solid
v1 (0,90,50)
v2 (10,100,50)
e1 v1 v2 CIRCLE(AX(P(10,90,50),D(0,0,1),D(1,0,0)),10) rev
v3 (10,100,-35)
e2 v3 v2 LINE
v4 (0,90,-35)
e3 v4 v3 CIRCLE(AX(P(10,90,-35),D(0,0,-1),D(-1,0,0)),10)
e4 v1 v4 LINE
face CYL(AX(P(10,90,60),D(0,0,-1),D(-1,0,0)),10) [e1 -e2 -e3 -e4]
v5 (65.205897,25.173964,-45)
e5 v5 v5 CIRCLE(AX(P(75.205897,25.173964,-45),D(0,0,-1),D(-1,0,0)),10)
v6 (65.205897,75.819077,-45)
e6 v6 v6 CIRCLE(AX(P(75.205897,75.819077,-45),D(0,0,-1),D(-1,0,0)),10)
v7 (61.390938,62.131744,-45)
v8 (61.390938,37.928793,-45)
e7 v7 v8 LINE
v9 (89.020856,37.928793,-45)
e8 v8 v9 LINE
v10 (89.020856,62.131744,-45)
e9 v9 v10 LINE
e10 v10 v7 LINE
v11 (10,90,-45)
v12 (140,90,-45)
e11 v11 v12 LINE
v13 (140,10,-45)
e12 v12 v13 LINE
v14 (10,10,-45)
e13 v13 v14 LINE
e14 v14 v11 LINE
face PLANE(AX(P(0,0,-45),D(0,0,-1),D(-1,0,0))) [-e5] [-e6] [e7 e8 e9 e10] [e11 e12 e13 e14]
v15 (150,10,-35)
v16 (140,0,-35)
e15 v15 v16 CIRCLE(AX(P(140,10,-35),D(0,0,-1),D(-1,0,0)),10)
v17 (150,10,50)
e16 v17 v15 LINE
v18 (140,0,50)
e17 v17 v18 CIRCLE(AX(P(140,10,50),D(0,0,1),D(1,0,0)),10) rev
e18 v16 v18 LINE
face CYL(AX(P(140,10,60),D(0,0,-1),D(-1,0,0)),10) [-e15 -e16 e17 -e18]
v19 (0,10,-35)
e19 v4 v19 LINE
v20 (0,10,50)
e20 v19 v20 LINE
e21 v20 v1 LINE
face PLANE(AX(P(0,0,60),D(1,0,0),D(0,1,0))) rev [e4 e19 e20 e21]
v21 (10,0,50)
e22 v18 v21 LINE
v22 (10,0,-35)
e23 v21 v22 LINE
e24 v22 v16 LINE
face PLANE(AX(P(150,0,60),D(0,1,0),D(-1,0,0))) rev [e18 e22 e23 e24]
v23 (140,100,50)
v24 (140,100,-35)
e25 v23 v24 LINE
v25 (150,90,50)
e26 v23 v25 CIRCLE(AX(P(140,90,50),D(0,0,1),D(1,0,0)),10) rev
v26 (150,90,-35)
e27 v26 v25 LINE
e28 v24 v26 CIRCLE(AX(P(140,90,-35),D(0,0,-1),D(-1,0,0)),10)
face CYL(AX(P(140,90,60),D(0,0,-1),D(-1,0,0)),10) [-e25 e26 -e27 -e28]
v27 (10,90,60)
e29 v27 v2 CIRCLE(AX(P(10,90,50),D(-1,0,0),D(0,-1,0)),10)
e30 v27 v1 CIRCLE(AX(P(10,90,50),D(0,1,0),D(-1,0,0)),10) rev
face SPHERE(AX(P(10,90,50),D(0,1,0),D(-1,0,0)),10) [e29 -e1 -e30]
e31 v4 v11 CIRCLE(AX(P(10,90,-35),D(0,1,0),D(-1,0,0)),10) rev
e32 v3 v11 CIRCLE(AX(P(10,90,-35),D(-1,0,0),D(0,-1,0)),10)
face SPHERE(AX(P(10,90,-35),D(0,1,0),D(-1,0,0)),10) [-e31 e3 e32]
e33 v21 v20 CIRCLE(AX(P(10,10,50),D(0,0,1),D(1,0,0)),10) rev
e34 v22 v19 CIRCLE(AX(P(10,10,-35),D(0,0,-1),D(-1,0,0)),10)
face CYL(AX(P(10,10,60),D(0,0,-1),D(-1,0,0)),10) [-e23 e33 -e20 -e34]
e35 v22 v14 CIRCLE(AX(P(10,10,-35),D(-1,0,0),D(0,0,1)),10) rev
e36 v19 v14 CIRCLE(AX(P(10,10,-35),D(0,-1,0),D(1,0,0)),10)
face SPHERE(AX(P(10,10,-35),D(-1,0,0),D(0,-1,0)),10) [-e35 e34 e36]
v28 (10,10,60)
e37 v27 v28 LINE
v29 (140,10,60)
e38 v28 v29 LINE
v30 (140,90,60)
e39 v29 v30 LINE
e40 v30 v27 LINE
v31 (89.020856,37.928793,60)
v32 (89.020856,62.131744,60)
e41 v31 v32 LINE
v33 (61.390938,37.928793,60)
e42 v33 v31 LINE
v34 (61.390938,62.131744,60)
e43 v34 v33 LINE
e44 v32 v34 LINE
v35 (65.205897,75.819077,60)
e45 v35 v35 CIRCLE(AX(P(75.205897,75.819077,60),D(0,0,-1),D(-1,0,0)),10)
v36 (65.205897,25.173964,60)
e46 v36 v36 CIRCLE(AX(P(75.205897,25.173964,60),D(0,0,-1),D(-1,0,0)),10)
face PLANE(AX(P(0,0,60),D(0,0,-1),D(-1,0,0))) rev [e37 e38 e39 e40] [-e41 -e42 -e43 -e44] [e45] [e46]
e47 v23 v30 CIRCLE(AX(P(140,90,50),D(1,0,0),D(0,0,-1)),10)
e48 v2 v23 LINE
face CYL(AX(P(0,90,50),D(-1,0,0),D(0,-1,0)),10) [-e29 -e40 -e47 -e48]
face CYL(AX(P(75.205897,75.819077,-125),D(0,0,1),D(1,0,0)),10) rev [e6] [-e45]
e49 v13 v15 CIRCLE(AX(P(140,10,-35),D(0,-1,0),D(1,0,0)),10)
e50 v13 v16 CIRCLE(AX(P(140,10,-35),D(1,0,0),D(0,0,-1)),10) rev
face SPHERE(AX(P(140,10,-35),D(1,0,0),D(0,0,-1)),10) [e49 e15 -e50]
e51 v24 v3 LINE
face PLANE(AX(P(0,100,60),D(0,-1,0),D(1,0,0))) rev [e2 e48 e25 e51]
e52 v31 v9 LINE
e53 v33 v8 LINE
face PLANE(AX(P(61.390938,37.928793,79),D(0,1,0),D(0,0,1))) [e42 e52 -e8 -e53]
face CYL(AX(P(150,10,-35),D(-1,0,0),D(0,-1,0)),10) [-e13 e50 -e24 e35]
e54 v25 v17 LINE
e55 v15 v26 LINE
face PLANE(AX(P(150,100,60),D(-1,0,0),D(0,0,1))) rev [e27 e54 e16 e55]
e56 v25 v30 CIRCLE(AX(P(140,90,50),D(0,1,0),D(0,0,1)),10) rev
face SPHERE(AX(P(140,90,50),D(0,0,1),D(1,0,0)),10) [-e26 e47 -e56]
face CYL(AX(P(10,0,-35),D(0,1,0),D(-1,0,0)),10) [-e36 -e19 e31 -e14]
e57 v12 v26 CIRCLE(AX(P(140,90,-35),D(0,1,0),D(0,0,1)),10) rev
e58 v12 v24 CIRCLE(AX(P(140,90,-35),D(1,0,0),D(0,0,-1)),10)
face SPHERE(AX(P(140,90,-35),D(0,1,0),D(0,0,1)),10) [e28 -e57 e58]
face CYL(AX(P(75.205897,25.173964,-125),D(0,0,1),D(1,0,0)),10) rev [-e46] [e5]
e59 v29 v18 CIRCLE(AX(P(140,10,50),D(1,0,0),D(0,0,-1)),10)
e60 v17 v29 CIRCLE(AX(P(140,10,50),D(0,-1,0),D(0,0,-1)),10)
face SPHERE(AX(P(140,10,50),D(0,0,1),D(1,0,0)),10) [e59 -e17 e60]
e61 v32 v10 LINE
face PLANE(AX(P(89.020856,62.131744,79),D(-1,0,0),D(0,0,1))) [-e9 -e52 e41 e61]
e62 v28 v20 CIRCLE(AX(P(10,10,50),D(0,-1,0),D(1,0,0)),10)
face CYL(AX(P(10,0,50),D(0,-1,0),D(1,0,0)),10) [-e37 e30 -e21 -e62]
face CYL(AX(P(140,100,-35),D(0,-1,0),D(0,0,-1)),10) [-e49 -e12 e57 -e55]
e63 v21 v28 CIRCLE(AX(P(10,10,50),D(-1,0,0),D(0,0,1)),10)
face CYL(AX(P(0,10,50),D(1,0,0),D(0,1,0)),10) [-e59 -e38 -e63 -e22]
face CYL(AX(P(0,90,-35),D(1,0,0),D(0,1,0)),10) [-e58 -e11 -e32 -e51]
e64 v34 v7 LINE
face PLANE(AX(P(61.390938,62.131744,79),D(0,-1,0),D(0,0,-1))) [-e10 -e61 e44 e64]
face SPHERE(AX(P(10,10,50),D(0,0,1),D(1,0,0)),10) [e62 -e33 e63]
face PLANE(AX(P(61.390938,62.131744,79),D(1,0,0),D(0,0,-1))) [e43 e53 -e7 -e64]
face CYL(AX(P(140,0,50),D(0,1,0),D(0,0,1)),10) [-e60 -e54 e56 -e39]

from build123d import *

# Parameters (mm, degrees)
SKETCH1_W                = 150
SKETCH1_H                = 100
BOSS_EXTRUDE1_DEPTH      = 60
BOSS_EXTRUDE1_DEPTH_BACK = 45
SKETCH5_W                = 27.629917719
SKETCH5_H                = 24.20295118
CUT_EXTRUDE1_DEPTH       = 79
CUT_EXTRUDE1_DEPTH_BACK  = 83
FILLET1_R                = 10
SKETCH7_R                = 10
CUT_EXTRUDE2_DEPTH       = 125


with BuildPart() as part:
    # Sketch1 → Boss-Extrude1 (new body, two sides)
    with BuildSketch(Plane.XY) as boss_extrude1_sk:
        with Locations((75, 50)):
            Rectangle(SKETCH1_W, SKETCH1_H)
    extrude(amount=BOSS_EXTRUDE1_DEPTH)
    extrude(boss_extrude1_sk.sketch, amount=-BOSS_EXTRUDE1_DEPTH_BACK)

    # Sketch5 → Cut-Extrude1 (cut, two sides)
    with BuildSketch(Plane(origin=(42.452521569, 36, 0), x_dir=(1, 0, 0), z_dir=(0, 0, 1))) as cut_extrude1_sk:
        with Locations((32.75337542, 14.030268891)):
            Rectangle(SKETCH5_W, SKETCH5_H)
    extrude(amount=CUT_EXTRUDE1_DEPTH, mode=Mode.SUBTRACT)
    extrude(cut_extrude1_sk.sketch, amount=-CUT_EXTRUDE1_DEPTH_BACK, mode=Mode.SUBTRACT)

    # Fillet1
    fillet1_edges = [part.edges().sort_by_distance(p)[0] for p in [
        (75, 0, -45),
        (0, 50, -45),
        (75, 100, -45),
        (150, 50, -45),
        (75, 100, 60),
        (0, 50, 60),
        (75, 0, 60),
        (0, 0, 7.5),
        (0, 100, 7.5),
        (150, 100, 7.5),
        (150, 0, 7.5),
        (150, 50, 60),
    ]]
    fillet(fillet1_edges, radius=FILLET1_R)

    # Sketch7 → Cut-Extrude2 (cut, symmetric)
    with BuildSketch(Plane.XY):
        with Locations((75.20589699, 75.819077446)):
            Circle(SKETCH7_R)
        with Locations((75.20589699, 25.173963995)):
            Circle(SKETCH7_R)
    extrude(amount=CUT_EXTRUDE2_DEPTH, both=True, mode=Mode.SUBTRACT)


solid = part.part
